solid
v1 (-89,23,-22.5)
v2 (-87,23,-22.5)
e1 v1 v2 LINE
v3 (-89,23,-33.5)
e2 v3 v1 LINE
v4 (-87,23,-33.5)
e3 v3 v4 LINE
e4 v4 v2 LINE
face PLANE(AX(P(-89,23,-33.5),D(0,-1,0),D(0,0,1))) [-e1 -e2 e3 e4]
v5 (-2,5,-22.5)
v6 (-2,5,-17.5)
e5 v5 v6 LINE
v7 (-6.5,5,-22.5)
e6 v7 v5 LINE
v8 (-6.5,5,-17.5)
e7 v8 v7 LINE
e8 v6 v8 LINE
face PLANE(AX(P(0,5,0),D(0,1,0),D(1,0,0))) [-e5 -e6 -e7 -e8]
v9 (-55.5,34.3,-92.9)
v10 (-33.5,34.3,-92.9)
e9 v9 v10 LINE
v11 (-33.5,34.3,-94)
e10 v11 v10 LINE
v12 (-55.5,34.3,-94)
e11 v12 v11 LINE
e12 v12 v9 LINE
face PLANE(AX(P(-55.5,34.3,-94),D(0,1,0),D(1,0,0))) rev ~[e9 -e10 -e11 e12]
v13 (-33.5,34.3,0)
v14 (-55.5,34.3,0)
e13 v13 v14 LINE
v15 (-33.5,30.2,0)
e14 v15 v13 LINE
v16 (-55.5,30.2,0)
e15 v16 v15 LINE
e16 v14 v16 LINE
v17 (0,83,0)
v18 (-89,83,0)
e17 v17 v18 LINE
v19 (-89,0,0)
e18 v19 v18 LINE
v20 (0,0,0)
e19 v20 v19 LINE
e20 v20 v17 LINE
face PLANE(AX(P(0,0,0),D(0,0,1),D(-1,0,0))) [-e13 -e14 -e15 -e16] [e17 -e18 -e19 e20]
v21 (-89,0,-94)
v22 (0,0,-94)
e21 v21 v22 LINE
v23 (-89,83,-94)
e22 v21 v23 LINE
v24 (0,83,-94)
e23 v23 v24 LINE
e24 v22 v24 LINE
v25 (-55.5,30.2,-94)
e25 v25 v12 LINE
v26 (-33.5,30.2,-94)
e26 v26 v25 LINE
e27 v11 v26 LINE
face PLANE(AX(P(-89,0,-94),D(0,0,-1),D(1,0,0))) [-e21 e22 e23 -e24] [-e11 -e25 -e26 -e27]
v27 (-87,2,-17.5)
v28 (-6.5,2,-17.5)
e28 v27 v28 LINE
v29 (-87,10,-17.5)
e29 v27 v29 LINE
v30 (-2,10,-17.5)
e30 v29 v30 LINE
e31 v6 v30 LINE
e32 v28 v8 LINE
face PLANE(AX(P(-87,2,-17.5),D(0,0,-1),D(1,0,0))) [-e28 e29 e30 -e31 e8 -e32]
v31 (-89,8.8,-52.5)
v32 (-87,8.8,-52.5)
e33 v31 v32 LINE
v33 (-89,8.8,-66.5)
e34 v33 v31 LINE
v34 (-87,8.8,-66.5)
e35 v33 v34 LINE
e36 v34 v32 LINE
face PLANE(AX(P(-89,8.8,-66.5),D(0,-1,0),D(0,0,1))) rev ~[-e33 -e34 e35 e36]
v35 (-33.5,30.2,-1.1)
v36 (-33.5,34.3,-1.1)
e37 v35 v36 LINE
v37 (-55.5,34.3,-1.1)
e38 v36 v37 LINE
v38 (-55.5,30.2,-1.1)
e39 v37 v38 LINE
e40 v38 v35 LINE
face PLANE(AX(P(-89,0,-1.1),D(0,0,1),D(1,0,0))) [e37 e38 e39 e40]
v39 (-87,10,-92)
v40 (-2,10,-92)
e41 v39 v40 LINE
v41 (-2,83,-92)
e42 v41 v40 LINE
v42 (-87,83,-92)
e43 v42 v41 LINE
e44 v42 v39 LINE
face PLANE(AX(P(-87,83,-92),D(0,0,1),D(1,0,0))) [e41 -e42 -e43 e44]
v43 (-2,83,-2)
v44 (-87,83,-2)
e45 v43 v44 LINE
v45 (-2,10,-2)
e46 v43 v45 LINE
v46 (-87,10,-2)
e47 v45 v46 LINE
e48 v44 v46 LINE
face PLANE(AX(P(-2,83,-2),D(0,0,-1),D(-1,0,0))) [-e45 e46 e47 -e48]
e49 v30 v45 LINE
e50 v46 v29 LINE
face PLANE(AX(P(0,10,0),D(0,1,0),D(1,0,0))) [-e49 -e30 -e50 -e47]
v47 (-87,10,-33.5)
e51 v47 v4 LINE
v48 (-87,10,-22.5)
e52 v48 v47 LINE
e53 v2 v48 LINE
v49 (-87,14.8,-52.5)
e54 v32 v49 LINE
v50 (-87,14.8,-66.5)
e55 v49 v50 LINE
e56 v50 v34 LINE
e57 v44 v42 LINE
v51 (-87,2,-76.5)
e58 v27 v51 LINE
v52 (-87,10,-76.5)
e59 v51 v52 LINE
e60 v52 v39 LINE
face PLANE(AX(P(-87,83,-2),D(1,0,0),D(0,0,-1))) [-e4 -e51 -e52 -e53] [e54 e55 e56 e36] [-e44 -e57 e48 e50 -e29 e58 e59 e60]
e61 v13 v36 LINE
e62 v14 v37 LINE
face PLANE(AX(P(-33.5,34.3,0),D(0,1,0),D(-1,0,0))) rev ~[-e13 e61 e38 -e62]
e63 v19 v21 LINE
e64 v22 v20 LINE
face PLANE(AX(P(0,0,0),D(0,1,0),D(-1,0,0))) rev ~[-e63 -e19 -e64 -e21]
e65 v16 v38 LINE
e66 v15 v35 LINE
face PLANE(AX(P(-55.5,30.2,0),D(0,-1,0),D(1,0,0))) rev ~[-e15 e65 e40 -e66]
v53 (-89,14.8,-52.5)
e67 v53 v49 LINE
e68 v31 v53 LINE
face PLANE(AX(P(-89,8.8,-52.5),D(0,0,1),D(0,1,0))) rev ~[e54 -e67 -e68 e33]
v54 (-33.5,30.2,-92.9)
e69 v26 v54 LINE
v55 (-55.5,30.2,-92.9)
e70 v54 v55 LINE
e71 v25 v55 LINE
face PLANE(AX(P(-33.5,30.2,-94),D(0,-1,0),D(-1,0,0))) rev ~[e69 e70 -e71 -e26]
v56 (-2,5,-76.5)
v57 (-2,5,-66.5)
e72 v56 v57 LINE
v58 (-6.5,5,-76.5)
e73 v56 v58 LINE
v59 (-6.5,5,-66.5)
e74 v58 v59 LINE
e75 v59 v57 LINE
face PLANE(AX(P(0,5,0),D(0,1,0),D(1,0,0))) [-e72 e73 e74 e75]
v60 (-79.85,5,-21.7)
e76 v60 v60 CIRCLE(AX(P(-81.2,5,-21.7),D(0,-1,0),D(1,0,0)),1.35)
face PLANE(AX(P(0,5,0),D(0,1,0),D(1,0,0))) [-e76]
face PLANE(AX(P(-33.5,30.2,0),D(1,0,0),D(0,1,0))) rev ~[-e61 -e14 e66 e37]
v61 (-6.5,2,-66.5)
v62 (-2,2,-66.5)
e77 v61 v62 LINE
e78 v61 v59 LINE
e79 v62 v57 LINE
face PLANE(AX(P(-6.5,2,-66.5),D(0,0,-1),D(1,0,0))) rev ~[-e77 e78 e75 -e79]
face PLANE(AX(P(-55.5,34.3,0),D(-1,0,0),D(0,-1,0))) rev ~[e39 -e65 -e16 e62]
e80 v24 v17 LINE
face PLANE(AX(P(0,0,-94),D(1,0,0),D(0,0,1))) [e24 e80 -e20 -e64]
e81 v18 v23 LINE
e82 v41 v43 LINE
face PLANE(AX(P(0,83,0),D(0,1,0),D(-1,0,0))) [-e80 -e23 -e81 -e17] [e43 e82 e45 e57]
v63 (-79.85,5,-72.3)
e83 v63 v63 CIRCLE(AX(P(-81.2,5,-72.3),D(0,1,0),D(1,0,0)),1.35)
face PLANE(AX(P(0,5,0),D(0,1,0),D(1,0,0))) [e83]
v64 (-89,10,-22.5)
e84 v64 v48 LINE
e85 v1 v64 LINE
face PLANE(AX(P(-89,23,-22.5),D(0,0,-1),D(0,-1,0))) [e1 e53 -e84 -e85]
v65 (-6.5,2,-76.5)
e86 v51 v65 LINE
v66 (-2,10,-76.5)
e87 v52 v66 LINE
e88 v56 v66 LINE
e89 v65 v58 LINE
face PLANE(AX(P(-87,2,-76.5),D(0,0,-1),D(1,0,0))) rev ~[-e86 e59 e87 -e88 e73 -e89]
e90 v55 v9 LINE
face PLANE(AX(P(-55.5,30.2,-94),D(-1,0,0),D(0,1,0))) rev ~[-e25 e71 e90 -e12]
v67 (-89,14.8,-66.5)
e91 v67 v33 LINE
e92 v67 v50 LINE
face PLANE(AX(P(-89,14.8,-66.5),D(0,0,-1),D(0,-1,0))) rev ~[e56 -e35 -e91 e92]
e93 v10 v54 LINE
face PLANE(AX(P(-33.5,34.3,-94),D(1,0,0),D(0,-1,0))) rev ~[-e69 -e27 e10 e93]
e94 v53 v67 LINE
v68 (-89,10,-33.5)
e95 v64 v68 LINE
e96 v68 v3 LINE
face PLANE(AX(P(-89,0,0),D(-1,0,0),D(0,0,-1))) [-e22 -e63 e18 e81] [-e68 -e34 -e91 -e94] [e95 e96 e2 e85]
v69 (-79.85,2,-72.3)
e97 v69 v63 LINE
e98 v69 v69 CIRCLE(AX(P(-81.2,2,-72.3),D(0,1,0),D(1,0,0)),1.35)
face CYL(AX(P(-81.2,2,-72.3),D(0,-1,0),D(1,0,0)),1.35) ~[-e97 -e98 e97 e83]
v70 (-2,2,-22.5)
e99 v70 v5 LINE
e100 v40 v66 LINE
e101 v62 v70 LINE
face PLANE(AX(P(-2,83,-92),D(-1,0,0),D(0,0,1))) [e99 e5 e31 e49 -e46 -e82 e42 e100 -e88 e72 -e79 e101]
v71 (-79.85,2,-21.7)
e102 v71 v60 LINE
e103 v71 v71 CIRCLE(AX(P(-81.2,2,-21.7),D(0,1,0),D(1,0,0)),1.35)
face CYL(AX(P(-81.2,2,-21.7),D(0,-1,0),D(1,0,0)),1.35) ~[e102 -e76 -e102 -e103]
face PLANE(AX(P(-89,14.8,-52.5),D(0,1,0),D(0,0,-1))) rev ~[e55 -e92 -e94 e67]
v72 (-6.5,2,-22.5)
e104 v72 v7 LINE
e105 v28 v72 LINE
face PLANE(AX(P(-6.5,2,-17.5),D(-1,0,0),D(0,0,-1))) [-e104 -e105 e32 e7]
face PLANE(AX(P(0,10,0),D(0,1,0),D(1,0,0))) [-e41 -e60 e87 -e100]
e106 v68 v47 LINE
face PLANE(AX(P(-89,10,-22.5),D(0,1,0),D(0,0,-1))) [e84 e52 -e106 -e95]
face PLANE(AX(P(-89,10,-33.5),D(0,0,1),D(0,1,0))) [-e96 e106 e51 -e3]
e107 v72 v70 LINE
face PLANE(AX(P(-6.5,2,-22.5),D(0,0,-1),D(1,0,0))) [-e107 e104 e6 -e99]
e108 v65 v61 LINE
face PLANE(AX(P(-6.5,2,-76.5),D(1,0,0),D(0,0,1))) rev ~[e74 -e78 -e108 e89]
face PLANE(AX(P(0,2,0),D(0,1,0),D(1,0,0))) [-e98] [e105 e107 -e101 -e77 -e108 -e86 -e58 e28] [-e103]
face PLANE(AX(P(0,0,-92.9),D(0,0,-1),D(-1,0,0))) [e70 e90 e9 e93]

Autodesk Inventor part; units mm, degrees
ref_plane "YZ Plane" through (0, 0, 0) normal (1, 0, 0) x (0, 1, 0)
ref_plane "XZ Plane" through (0, 0, 0) normal (0, 1, 0) x (-1, 0, 0)
ref_plane "XY Plane" through (0, 0, 0) normal (0, 0, 1) x (1, 0, 0)
sketch "Sketch1" plane through (0, 0, 0) normal (0, 1, 0) x (-1, 0, 0)
  line L0 (0, 0) -> (89, 0)
  line L1 (89, 0) -> (89, -94)
  line L2 (89, -94) -> (0, -94)
  line L3 (0, -94) -> (0, 0)
  dimension "d0" = 89
  dimension "d1" = 94
extrude "Extrusion1" add sketch "Sketch1" along normal blind 83
sketch "Sketch2" plane through (0, 83, 0) normal (0, 1, 0) x (1, 0, 0)
  line L0 (0, 0) -> (0, 2) construction
  line L1 (0, 0) -> (0, 94) projected
  line L2 (0, 2) -> (-2, 2) construction
  line L3 (-2, 2) -> (-87, 2)
  line L4 (-87, 2) -> (-87, 92)
  line L5 (-87, 92) -> (-2, 92)
  line L6 (-2, 92) -> (-2, 2)
  dimension "d4" = 2
  dimension "d5" = 2
  dimension "d6" = 85
  dimension "d7" = 90
extrude "Extrusion2" cut sketch "Sketch2" against normal blind 81
sketch "Sketch3" plane through (0, 2, 0) normal (0, 1, 0) x (1, 0, 0)
  line L0 (-87, 2) -> (-87, 92) projected
  line L1 (-87, 2) -> (-76, 2)
  line L2 (-2, 2) -> (-87, 2) projected
  line L3 (-76, 2) -> (-17, 2)
  line L4 (-87, 92) -> (-2, 92) projected
  line L5 (-76, 2) -> (-87, 2)
  line L6 (-87, 2) -> (-87, 92)
  line L7 (-87, 92) -> (-76, 92)
  line L8 (-2, 92) -> (-2, 2) projected
  line L9 (-17, 2) -> (-2, 2)
  line L10 (-2, 2) -> (-2, 92)
  line L11 (-2, 92) -> (-17, 92)
  line L12 (-87, 2) -> (-87, 17.5)
  line L13 (-87, 17.5) -> (-87, 76.5)
  line L14 (-87, 17.5) -> (-2, 17.5)
  line L15 (-2, 17.5) -> (-2, 2)
  line L16 (-2, 2) -> (-87, 2)
  line L17 (-87, 2) -> (-87, 17.5)
  line L18 (-87, 76.5) -> (-2, 76.5)
  line L19 (-2, 76.5) -> (-2, 92)
  line L20 (-2, 92) -> (-87, 92)
  line L21 (-87, 92) -> (-87, 76.5)
  point P0 (0, 0)
  point P1 (-2, 76.5)
  point P2 (-2, 17.5)
  dimension "d26" = 15.5
  dimension "d27" = 59
extrude "Extrusion3" add sketch "Sketch3" along normal blind 8 contours L0 L14 L8 L2 L1 | L0 L4 L8 L18
sketch "Sketch4" plane through (0, 2, 0) normal (0, 1, 0) x (1, 0, 0)
  line L0 (-46.5, 2) -> (43.5, 2) construction
  line L1 (-2, 17.5) -> (-87, 17.5) projected
  line L2 (-2, 17.5) -> (-6.5, 17.5)
  line L3 (-6.5, 17.5) -> (-6.5, 22.5)
  line L4 (-6.5, 22.5) -> (-2, 22.5)
  line L5 (-2, 22.5) -> (-2, 17.5)
  line L6 (-2, 76.5) -> (-2, 17.5) projected
  line L7 (-2, 76.5) -> (-6.5, 76.5)
  line L8 (-6.5, 76.5) -> (-6.5, 66.5)
  line L9 (-6.5, 66.5) -> (-2, 66.5)
  line L10 (-2, 66.5) -> (-2, 76.5)
  line L11 (-87, 17.5) -> (-81.2, 17.5)
  line L12 (-81.2, 17.5) -> (-81.2, 21.7)
  line L13 (-81.2, 21.7) -> (-87, 21.7)
  line L14 (-87, 21.7) -> (-87, 17.5)
  circle A0 centre (-81.2, 21.7) radius 1.35
  line L15 (-87, 17.5) -> (-87, 76.5) projected
  line L16 (-87, 47) -> (-2, 47) construction
  circle A1 centre (-81.2, 72.3) radius 1.35
  point P0 (-76, 2)
  dimension "d28" = 4.5
  dimension "d29" = 5
  dimension "d30" = 4.5
  dimension "d31" = 10
  dimension "d32" = 5.8
  dimension "d33" = 4.2
  dimension "d34" = 2.7
extrude "Extrusion4" add sketch "Sketch4" along normal blind 3 contours L9 L8 L7 L6 | L1 L3 L4 L5 | A0 L13 L12 | L12 L13 A0 | A1
sketch "Sketch6" plane through (-89, 0, -94) normal (-1, 0, 0) x (0, 0, 1)
  line L0 (0, 0) -> (0, 83) projected
  line L1 (0, 0) -> (2, 0) construction
  line L2 (2, 0) -> (2, 2) construction
  line L3 (2, 2) -> (0, 2) construction
  line L4 (0, 2) -> (0, 0)
  line L5 (2, 2) -> (27.5, 2) construction
  line L6 (20.35, 2) -> (20.35, 5) projected
  line L7 (2, 2) -> (27.5, 2) construction
  line L8 (27.5, 2) -> (27.5, 8.8) construction
  line L9 (27.5, 2) -> (34.3, 2) construction
  line L10 (27.5, 8.8) -> (41.5, 8.8)
  line L11 (41.5, 8.8) -> (41.5, 14.8)
  line L12 (41.5, 14.8) -> (27.5, 14.8)
  line L13 (27.5, 14.8) -> (27.5, 8.8)
  line L14 (94, 0) -> (92, 0) construction
  line L15 (92, 0) -> (92, 2) construction
  line L16 (92, 2) -> (94, 2) construction
  line L17 (94, 2) -> (94, 0) construction
  line L18 (92, 2) -> (76.5, 2) construction
  line L19 (76.5, 2) -> (71.5, 2) construction
  line L20 (71.5, 2) -> (71.5, 10) construction
  line L21 (71.5, 10) -> (60.5, 10)
  line L22 (60.5, 10) -> (60.5, 23)
  line L23 (60.5, 23) -> (71.5, 23)
  line L24 (71.5, 23) -> (71.5, 10)
  dimension "d35" = 2
  dimension "d36" = 2
  dimension "d37" = 25.5
  dimension "d38" = 0
  dimension "d39" = 6.8
  dimension "d40" = 90
  dimension "d41" = 14
  dimension "d42" = 6
  dimension "d43" = 2
  dimension "d44" = 2
  dimension "d45" = 15.5
  dimension "d46" = 5
  dimension "d47" = 8
  dimension "d48" = 11
  dimension "d49" = 13
extrude "Extrusion5" cut sketch "Sketch6" against normal up to surface (2 mm away)
sketch "Sketch7" plane through (0, 0, -94) normal (0, 0, -1) x (-1, 0, 0)
  line L0 (89, 83) -> (55.5, 83)
  line L1 (55.5, 83) -> (55.5, 34.3)
  line L2 (55.5, 34.3) -> (89, 34.3)
  line L3 (89, 34.3) -> (89, 83)
  line L4 (55.5, 34.3) -> (33.5, 34.3)
  line L5 (33.5, 34.3) -> (33.5, 30.2)
  line L6 (33.5, 30.2) -> (55.5, 30.2)
  line L7 (55.5, 30.2) -> (55.5, 34.3)
  line L8 (0, 0) -> (0, 83) projected
  point P0 (33.5, 32.25)
  dimension "d52" = 33.5
  dimension "d53" = 48.7
  dimension "d54" = 22
  dimension "d55" = 4.1
  dimension "d61" = 33.5
extrude "Extrusion6" cut sketch "Sketch7" against normal blind 1.1 contours L7 L6 L5 L4
sketch "Sketch8" plane through (-89, 0, 0) normal (0, 0, 1) x (1, 0, 0)
  line L0 (89, 0) -> (89, 83) projected
  line L1 (89, 83) -> (55.5, 83)
  line L2 (55.5, 83) -> (55.5, 34.3)
  line L3 (55.5, 34.3) -> (89, 34.3)
  line L4 (89, 34.3) -> (89, 83)
  line L5 (33.5, 30.2) -> (55.5, 30.2) projected
  line L6 (55.5, 34.3) -> (33.5, 34.3)
  line L7 (33.5, 34.3) -> (33.5, 30.2)
  line L8 (33.5, 30.2) -> (55.5, 30.2)
  line L9 (55.5, 30.2) -> (55.5, 34.3)
  dimension "d62" = 33.5
  dimension "d63" = 48.7
  dimension "d64" = 22
extrude "Extrusion7" cut sketch "Sketch8" against normal blind 1.1 contours L9 L5 L7 L6
properties part number "Arduino_case"
